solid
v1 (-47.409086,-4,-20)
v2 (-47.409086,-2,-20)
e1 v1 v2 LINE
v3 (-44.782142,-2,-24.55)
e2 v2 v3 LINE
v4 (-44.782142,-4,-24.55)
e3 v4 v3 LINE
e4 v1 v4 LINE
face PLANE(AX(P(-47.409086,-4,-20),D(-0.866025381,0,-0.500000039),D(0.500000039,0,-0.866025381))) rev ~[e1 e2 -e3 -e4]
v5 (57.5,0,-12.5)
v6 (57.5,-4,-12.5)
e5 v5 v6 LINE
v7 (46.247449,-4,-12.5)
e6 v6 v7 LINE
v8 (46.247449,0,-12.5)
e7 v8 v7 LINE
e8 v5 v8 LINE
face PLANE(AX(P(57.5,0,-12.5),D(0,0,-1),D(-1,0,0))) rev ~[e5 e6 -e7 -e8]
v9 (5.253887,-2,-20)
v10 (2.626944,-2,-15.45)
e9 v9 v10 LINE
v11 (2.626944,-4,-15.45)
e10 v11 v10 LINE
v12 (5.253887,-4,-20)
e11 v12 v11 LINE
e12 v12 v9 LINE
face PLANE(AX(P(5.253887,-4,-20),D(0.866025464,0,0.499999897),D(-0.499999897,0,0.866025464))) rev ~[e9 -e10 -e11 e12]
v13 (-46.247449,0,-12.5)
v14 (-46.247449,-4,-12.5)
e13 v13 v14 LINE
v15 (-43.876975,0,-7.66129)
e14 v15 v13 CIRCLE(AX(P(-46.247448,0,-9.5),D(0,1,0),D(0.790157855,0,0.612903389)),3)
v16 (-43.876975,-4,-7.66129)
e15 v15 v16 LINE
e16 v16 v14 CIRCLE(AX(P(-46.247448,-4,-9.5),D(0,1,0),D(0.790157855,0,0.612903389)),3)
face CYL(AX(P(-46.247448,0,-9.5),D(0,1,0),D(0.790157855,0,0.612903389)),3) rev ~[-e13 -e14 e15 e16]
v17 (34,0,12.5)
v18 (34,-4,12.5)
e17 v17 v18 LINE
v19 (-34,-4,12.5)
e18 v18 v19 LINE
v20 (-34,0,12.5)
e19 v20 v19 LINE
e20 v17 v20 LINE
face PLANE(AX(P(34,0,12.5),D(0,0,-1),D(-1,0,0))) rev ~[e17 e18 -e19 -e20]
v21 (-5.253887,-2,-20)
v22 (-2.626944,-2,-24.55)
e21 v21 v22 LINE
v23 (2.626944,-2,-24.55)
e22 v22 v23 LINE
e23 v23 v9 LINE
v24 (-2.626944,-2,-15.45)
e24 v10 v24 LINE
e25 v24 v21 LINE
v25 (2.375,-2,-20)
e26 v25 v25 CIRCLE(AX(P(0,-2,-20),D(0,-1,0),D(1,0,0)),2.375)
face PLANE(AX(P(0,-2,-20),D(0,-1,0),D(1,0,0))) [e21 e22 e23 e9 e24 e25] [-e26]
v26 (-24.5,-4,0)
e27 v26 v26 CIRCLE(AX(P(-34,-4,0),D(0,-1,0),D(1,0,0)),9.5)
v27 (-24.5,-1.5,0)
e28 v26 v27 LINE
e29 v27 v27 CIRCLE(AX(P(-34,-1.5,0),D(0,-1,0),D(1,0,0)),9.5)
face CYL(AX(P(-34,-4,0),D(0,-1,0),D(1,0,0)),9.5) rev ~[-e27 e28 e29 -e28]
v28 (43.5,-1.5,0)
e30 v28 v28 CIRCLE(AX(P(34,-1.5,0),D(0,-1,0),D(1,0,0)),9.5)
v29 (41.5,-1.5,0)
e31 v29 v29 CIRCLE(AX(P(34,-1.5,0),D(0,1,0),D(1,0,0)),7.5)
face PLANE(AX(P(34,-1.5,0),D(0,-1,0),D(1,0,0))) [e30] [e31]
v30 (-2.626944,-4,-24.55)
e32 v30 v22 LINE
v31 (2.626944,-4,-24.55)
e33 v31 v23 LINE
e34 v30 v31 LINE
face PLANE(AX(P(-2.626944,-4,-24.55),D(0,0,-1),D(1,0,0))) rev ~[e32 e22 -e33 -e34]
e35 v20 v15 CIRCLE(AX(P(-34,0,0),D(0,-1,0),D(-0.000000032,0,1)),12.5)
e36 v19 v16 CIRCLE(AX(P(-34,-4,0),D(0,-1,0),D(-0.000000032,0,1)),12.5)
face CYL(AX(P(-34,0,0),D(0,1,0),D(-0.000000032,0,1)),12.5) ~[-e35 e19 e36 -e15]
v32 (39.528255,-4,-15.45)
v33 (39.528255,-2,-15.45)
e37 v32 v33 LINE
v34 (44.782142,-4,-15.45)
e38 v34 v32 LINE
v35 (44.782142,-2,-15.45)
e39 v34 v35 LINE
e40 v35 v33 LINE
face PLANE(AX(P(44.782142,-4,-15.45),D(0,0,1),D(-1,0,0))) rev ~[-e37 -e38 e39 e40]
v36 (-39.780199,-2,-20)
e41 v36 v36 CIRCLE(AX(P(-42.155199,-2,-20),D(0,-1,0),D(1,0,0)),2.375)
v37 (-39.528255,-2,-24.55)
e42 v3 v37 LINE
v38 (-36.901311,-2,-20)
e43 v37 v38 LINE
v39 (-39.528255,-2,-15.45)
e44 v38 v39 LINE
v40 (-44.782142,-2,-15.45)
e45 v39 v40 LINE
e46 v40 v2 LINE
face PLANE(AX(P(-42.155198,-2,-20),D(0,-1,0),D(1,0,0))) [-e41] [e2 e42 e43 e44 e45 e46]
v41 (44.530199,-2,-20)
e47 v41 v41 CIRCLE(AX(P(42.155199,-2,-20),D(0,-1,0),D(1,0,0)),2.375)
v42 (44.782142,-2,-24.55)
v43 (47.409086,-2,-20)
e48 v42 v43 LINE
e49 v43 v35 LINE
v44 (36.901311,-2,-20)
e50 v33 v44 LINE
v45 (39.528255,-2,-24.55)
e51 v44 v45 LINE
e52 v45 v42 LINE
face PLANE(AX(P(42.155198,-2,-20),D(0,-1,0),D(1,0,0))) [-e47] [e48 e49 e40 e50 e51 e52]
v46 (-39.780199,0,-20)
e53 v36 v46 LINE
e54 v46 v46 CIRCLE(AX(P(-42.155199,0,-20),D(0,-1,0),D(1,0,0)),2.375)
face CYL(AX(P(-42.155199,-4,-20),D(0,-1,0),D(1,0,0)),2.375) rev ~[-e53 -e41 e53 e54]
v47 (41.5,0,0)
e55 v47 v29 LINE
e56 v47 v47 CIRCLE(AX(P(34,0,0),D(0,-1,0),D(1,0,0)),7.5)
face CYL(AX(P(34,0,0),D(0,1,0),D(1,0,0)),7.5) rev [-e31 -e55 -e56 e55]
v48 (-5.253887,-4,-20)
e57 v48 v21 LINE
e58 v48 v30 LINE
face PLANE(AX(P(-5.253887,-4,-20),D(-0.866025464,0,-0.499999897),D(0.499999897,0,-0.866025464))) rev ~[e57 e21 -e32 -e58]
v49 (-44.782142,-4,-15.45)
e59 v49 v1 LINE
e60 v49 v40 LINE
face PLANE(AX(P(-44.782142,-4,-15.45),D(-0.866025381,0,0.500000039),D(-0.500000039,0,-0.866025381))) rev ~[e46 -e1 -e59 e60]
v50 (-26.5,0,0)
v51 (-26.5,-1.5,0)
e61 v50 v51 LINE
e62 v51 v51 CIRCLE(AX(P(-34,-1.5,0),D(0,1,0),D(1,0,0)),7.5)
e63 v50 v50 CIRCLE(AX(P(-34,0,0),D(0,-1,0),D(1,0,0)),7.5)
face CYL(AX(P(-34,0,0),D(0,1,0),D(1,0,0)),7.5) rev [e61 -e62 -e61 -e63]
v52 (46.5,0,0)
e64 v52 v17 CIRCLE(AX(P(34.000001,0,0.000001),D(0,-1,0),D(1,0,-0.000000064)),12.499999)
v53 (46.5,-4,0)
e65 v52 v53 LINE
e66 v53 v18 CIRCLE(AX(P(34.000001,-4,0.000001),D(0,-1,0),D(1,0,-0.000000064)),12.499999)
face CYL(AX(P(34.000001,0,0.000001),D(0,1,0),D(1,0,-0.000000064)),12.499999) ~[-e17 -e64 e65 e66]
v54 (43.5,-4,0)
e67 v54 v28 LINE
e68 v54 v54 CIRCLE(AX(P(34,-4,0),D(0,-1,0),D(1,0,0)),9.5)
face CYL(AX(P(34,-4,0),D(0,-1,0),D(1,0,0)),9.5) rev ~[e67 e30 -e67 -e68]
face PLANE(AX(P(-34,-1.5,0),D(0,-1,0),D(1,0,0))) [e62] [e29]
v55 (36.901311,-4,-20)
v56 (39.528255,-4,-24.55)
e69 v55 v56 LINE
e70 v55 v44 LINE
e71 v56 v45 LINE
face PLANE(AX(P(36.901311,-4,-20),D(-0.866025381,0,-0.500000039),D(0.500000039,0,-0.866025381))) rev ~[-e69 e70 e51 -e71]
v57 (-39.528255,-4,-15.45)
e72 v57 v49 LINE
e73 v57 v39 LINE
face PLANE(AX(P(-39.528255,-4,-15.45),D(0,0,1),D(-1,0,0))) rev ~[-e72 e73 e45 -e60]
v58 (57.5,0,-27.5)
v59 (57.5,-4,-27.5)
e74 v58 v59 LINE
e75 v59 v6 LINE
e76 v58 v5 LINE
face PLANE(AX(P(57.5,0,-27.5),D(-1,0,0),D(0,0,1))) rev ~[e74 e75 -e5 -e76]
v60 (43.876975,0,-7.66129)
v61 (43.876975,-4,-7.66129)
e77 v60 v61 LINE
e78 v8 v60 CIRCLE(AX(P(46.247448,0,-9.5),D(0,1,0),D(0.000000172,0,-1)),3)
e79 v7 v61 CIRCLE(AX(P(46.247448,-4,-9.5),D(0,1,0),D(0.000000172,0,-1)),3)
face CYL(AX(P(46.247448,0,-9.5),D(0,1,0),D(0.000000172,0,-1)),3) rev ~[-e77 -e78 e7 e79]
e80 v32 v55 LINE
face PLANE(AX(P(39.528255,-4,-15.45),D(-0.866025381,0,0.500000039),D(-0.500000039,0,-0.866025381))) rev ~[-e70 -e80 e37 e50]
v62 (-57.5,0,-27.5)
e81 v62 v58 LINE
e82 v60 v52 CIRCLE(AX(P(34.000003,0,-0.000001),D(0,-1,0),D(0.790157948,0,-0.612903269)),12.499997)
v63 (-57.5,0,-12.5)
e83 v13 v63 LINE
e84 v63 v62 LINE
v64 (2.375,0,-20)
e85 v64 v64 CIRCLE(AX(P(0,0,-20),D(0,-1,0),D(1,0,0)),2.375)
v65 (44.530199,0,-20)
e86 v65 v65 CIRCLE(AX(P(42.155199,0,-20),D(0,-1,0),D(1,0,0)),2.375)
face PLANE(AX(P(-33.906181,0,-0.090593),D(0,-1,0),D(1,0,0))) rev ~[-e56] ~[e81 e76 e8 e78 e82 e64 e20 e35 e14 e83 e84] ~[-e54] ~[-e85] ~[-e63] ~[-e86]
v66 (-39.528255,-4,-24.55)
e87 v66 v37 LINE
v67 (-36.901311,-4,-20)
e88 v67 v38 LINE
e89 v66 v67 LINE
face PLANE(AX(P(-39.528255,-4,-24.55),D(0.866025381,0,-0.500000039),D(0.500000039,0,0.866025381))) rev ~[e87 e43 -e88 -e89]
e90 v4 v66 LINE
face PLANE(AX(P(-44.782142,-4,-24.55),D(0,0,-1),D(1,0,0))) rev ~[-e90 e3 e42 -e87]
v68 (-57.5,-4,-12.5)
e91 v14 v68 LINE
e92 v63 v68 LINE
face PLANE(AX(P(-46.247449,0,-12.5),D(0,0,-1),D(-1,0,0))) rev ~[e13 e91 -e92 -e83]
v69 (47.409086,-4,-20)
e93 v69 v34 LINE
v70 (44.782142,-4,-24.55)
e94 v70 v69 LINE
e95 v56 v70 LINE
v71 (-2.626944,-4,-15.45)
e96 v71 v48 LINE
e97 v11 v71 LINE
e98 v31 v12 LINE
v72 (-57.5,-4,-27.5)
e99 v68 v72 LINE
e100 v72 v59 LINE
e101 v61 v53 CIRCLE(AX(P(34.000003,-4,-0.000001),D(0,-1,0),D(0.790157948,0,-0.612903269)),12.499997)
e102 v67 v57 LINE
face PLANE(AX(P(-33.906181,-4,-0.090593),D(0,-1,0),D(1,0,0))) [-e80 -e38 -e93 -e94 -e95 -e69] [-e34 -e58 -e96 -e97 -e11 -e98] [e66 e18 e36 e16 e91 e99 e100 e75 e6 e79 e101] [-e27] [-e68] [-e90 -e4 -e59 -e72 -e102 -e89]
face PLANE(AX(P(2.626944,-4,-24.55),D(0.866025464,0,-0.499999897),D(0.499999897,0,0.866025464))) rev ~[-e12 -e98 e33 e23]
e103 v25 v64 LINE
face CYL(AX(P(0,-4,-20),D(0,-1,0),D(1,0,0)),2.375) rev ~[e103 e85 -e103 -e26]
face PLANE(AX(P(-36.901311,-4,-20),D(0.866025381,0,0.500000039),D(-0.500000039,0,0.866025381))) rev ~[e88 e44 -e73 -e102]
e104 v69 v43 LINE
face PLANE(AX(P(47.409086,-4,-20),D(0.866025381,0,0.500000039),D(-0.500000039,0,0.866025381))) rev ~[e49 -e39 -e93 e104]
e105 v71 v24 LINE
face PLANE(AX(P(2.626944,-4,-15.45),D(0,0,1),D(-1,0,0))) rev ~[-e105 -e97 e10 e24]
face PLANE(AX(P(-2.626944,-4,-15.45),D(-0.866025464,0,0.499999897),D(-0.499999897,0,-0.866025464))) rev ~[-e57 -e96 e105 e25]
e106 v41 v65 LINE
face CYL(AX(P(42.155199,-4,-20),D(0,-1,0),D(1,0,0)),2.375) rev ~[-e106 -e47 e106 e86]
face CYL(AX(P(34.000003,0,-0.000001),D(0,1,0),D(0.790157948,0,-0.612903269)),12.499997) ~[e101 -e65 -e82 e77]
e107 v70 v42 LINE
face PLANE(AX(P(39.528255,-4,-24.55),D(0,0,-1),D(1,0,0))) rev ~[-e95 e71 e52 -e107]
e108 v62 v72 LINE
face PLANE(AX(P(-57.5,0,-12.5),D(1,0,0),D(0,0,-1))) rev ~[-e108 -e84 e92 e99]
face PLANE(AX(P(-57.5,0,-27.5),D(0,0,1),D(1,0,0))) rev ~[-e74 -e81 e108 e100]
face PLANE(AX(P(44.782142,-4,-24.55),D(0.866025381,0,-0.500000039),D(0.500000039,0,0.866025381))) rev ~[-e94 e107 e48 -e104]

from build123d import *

# Parameters (mm, degrees)
F0_R     = 7.5
F1_DEPTH = 4
F2_R     = 9.5
F3_DEPTH = 2.5
F4_R     = 2.375
F5_DEPTH = 4.001
F7_DEPTH = 2


with BuildPart() as f1:
    # F0 (on Front) → F1 (new body)
    with BuildSketch(Plane.XZ):
        with BuildLine():
            ThreePointArc((-34, -12.5), (-25.161165, -8.838835), (-21.5, 0))
            ThreePointArc((-21.5, 0), (-25.161165, 8.838835), (-34, 12.5))
            ThreePointArc((-34, 12.5), (-45.225331, 5.499267), (-43.876975, -7.66129))
            ThreePointArc((-43.876975, -7.66129), (-39.499267, -11.225331), (-34, -12.5))
        make_face()
        with Locations((-34, 0)):
            Circle(F0_R, mode=Mode.SUBTRACT)
        with BuildLine():
            ThreePointArc((-34, 12.5), (-25.161165, 8.838835), (-21.5, 0))
            ThreePointArc((-21.5, 0), (-25.161165, -8.838835), (-34, -12.5))
            Line((-34, -12.5), (34, -12.5))
            ThreePointArc((34, -12.5), (21.5, 0), (34, 12.5))
            Line((34, 12.5), (-34, 12.5))
        make_face()
        with BuildLine():
            Line((-46.247449, -12.5), (-34, -12.5))
            ThreePointArc((-34, -12.5), (-39.499267, -11.225331), (-43.876975, -7.66129))
            ThreePointArc((-43.876975, -7.66129), (-43.553369, -10.819824), (-46.247449, -12.5))
        make_face()
        Polygon((34, -12.5), (-34, -12.5), (-46.247449, -12.5), (-57.5, -12.5), (-57.5, -27.5), (57.5, -27.5), (57.5, -12.5), (46.247449, -12.5), align=None)
        with BuildLine():
            ThreePointArc((46.5, 0), (42.838835, 8.838835), (34, 12.5))
            ThreePointArc((34, 12.5), (21.5, 0), (34, -12.5))
            ThreePointArc((34, -12.5), (39.499267, -11.225331), (43.876975, -7.66129))
            ThreePointArc((43.876975, -7.66129), (45.826077, -4.048939), (46.5, 0))
        make_face()
        with Locations((34, 0)):
            Circle(F0_R, mode=Mode.SUBTRACT)
        with BuildLine():
            ThreePointArc((43.876975, -7.66129), (39.499267, -11.225331), (34, -12.5))
            Line((34, -12.5), (46.247449, -12.5))
            ThreePointArc((46.247449, -12.5), (43.553369, -10.819824), (43.876975, -7.66129))
        make_face()
    extrude(amount=F1_DEPTH)

    # F2 (on face) → F3 (cut)
    with BuildSketch(Plane.XZ.offset(4)):
        with Locations((-34, 0)):
            Circle(F2_R)
        with Locations((34, 0)):
            Circle(F2_R)
    extrude(amount=-F3_DEPTH, mode=Mode.SUBTRACT)

    # F4 (on face) → F5 (cut, through all)
    with BuildSketch(Plane.XZ.offset(4)):
        with Locations((0, -20)):
            Circle(F4_R)
        with Locations((42.155199, -20)):
            Circle(F4_R)
        with Locations((-42.155199, -20)):
            Circle(F4_R)
    extrude(amount=-F5_DEPTH, mode=Mode.SUBTRACT)

    # F6 (on face) → F7 (cut)
    with BuildSketch(Plane.XZ.offset(4)):
        Polygon((2.626944, -15.45), (-2.626944, -15.45), (-5.253887, -20), (-2.626944, -24.55), (2.626944, -24.55), (5.253887, -20), align=None)
        Polygon((-39.528255, -15.45), (-44.782142, -15.45), (-47.409086, -20), (-44.782142, -24.55), (-39.528255, -24.55), (-36.901311, -20), align=None)
        Polygon((44.782142, -15.45), (39.528255, -15.45), (36.901311, -20), (39.528255, -24.55), (44.782142, -24.55), (47.409086, -20), align=None)
    extrude(amount=-F7_DEPTH, mode=Mode.SUBTRACT)


solid = f1.part
